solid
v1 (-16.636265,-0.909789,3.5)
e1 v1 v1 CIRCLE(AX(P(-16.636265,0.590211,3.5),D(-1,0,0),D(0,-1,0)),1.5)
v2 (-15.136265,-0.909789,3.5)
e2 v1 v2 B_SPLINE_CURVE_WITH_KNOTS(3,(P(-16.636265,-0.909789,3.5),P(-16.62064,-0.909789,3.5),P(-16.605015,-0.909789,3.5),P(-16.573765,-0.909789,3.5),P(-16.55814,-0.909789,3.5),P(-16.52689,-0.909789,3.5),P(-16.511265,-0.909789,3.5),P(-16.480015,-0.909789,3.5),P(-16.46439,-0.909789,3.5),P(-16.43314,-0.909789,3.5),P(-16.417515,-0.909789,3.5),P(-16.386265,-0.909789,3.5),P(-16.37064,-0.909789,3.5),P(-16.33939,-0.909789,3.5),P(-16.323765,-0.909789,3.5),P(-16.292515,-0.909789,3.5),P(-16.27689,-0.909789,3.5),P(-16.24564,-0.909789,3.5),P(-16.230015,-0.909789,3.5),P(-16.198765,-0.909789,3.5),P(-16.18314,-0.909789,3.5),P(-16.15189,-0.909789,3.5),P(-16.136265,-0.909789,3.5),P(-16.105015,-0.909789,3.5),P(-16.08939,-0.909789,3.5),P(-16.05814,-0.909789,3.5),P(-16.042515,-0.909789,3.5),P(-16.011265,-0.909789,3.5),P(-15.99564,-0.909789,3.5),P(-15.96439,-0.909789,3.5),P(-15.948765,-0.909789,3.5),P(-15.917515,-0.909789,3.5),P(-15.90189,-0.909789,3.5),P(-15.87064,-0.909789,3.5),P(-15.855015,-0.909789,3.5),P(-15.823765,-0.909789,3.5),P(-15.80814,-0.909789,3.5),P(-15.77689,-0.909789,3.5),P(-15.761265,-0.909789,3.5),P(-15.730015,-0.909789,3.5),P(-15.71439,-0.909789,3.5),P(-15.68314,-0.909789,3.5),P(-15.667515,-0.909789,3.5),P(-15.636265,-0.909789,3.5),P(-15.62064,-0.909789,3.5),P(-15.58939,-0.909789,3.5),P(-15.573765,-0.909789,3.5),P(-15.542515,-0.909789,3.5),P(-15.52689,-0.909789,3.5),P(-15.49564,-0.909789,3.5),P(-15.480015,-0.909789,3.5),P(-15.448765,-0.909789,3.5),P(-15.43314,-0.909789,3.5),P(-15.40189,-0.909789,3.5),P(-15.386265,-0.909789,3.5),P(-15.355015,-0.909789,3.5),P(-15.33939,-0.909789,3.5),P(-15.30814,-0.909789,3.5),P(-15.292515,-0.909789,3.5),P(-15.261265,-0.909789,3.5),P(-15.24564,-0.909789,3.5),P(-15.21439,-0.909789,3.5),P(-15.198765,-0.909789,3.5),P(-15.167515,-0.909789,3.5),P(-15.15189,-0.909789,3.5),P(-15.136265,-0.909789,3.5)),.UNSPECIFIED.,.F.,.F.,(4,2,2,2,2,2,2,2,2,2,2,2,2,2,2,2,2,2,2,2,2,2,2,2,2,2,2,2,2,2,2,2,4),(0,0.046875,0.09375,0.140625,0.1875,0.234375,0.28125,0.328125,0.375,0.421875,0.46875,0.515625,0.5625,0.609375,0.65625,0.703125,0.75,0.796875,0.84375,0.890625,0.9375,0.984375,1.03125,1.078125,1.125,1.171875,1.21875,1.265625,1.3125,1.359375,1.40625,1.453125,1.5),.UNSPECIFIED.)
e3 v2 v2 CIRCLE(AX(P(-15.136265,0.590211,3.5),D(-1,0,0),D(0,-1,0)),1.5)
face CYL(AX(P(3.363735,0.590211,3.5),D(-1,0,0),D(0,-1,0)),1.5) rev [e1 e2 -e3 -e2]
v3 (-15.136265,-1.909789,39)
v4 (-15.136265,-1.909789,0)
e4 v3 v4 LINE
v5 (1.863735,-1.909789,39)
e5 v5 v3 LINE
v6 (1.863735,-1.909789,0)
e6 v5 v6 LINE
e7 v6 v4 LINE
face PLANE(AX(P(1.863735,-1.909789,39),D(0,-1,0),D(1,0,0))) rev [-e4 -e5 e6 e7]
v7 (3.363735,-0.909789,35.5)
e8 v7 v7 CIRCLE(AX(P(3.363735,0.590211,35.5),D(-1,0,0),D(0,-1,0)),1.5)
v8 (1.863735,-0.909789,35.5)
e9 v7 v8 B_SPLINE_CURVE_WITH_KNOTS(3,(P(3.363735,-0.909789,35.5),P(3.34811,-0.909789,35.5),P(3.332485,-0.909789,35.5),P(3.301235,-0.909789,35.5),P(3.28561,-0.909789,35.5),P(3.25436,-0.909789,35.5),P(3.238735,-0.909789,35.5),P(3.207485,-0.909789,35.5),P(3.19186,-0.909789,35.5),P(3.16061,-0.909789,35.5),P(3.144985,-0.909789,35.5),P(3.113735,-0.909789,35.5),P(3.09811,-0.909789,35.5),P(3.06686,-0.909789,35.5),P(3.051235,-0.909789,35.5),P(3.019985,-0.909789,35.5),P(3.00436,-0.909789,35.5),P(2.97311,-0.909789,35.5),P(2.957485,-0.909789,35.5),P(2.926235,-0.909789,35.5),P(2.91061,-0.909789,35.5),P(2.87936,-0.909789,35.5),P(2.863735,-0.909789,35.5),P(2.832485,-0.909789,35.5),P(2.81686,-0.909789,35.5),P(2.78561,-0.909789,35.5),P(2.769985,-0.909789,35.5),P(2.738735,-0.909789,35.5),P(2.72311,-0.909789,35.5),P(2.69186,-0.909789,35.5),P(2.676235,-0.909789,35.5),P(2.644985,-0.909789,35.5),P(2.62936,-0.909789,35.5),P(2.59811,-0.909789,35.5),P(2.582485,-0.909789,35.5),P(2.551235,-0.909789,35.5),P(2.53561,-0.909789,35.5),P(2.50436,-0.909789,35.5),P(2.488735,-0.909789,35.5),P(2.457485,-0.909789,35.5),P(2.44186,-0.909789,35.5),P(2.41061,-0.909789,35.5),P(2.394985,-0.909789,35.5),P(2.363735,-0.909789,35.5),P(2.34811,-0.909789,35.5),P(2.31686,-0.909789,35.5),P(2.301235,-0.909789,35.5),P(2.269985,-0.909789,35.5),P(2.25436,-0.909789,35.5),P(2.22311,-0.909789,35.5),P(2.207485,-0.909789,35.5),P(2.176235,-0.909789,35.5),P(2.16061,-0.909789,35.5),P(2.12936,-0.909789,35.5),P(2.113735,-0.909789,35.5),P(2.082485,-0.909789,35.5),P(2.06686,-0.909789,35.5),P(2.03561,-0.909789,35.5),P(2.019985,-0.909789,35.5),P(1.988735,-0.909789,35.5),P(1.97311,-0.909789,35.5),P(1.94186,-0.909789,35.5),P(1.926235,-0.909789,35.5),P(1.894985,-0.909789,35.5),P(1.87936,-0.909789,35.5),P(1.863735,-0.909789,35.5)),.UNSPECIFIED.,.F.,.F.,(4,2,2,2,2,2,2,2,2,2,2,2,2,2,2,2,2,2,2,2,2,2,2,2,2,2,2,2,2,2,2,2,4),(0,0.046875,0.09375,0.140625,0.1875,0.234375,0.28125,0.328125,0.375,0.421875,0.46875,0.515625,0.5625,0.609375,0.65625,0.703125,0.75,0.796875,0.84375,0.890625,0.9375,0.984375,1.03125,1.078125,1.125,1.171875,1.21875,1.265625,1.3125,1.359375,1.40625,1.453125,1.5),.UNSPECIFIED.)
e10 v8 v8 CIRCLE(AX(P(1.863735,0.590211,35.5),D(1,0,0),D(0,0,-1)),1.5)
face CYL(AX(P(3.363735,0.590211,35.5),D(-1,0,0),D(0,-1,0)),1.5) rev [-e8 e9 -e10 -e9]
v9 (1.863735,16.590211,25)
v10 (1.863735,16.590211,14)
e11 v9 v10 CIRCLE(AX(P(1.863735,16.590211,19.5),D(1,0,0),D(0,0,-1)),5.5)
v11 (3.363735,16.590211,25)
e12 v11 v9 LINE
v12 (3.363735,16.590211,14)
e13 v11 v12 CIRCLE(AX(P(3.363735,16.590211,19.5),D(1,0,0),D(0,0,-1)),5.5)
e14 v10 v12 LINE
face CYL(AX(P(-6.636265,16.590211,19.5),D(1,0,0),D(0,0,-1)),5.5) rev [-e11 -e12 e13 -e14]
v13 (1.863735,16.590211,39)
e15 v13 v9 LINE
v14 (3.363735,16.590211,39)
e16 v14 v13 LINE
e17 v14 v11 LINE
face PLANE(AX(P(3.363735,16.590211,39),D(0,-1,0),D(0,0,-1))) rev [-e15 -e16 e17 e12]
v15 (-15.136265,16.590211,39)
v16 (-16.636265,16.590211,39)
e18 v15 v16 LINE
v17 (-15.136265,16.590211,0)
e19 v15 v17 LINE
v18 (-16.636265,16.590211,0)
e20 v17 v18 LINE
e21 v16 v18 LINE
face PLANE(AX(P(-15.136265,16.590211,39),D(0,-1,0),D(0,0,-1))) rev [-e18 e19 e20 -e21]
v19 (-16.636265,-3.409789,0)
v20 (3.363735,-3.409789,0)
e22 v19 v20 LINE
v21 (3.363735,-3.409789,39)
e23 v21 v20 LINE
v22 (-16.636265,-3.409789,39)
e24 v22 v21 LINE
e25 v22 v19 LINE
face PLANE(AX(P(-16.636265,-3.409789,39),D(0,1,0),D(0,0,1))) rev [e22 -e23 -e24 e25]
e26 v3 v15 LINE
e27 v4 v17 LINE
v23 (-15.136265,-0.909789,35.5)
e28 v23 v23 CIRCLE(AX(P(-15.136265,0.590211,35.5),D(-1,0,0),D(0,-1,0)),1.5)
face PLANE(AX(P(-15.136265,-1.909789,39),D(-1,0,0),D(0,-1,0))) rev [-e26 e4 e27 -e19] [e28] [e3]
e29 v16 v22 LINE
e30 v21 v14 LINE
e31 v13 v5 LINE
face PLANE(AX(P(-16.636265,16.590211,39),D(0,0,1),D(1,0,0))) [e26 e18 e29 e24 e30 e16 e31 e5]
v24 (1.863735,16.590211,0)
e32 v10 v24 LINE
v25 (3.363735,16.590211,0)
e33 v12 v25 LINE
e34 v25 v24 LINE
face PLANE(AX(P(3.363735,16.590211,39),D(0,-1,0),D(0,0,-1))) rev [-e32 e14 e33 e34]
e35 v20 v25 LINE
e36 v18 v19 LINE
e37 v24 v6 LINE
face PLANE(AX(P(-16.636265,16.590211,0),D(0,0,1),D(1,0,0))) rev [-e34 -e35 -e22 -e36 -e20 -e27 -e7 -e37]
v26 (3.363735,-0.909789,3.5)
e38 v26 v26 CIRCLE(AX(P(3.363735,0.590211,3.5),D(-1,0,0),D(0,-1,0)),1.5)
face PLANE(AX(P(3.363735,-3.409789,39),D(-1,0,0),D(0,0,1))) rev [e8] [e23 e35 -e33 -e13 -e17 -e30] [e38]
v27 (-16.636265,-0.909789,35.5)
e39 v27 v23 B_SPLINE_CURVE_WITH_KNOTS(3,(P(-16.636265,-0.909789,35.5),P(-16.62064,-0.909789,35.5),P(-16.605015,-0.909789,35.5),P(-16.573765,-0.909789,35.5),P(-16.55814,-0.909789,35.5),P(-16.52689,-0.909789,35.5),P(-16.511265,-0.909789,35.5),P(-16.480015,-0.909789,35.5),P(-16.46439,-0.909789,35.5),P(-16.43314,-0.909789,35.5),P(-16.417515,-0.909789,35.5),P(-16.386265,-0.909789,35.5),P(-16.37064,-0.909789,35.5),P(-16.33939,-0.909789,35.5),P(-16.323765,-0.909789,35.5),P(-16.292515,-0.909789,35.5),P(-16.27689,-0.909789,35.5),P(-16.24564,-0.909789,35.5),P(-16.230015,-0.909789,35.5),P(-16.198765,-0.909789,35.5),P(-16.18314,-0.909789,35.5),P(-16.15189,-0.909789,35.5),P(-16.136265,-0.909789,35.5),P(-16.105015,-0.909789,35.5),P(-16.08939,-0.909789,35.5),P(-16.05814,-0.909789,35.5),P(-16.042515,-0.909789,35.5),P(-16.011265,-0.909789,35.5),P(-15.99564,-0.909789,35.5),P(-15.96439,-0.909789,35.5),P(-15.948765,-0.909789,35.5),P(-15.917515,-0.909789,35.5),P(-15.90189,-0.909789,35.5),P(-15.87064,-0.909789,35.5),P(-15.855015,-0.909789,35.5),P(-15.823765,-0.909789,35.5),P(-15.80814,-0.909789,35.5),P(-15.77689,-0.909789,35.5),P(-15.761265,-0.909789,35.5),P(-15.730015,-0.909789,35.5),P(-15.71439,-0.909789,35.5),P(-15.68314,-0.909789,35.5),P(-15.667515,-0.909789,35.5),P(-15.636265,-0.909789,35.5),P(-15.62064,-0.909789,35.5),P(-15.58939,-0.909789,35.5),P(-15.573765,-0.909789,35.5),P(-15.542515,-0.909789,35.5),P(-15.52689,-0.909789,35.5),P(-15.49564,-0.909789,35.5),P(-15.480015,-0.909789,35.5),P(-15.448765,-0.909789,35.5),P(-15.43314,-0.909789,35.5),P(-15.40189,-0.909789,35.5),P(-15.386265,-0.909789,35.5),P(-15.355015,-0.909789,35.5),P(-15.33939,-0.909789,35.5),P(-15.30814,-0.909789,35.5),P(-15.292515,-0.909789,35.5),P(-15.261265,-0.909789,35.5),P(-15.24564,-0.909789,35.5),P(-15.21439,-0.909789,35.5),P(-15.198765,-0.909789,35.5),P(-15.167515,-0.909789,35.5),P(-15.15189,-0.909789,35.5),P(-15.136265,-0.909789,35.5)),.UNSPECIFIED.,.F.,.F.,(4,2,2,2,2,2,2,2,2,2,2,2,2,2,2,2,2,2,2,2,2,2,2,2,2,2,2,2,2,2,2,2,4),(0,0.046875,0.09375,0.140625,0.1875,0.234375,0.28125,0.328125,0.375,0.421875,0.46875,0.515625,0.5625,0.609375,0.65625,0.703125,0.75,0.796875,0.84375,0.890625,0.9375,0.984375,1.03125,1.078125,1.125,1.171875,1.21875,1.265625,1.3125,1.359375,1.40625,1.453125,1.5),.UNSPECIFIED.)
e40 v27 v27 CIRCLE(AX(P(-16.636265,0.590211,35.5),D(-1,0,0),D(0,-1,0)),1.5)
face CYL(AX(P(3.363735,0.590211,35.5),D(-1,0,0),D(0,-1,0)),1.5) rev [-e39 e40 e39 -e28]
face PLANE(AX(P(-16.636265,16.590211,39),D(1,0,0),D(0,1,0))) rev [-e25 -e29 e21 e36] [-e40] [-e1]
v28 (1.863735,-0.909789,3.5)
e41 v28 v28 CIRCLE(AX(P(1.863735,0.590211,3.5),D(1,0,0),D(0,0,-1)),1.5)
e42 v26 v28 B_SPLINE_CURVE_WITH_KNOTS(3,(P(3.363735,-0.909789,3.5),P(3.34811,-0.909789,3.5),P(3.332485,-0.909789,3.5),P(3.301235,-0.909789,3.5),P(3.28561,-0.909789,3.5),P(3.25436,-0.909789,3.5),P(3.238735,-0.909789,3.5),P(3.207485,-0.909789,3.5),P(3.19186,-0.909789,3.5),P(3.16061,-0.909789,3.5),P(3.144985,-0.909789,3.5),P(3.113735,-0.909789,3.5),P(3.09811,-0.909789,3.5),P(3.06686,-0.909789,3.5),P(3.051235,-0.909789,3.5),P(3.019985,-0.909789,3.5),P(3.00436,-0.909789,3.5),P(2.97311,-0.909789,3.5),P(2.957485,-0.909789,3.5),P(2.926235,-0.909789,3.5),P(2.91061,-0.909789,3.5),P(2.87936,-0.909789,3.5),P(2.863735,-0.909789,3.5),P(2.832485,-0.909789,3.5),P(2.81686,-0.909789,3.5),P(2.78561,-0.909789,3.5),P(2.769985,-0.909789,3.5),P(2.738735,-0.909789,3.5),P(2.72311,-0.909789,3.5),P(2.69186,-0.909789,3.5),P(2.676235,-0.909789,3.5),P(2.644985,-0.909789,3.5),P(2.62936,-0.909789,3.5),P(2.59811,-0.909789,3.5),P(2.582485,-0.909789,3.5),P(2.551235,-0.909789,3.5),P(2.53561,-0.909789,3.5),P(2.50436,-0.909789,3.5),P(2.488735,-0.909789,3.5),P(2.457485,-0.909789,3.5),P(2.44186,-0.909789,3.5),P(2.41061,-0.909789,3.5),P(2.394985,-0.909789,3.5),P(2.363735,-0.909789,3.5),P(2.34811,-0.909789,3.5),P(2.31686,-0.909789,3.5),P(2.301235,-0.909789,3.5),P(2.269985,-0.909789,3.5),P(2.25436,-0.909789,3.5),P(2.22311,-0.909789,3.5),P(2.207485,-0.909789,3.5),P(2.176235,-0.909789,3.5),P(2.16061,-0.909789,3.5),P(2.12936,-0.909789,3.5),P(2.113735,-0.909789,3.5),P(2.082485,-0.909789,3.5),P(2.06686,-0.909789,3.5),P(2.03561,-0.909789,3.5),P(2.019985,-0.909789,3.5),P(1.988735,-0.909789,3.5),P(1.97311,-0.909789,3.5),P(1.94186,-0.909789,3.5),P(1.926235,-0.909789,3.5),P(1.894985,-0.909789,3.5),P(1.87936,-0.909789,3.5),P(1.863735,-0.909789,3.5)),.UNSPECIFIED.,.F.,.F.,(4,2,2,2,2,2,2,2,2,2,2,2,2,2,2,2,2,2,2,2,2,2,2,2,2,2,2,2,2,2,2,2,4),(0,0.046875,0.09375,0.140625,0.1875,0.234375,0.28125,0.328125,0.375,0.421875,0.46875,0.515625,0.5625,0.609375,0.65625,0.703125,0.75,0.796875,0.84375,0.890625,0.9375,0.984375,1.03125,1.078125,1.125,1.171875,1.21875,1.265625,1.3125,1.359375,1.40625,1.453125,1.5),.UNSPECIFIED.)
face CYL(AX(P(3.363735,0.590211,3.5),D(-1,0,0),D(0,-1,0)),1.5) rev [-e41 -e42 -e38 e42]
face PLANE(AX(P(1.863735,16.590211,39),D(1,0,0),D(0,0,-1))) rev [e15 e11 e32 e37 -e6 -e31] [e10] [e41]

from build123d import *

# Parameters (mm, degrees)
EXTRUSION1_DEPTH = 39
ESQUISSE2_R      = 5.5
EXTRUSION2_DEPTH = 10
ESQUISSE3_R      = 1.5
EXTRUSION3_DEPTH = 47.864006287


with BuildPart() as part:
    # Esquisse1 → Extrusion1 (new body)
    with BuildSketch(Plane.XY):
        Polygon((-16.636265327, 16.590210526), (-16.636265327, -3.409789474), (3.363734673, -3.409789474), (3.363734673, 16.590210526), (1.863734673, 16.590210526), (1.863734673, -1.909789474), (-15.136265327, -1.909789474), (-15.136265327, 16.590210526), align=None)
    extrude(amount=EXTRUSION1_DEPTH)

    # Esquisse2 → Extrusion2 (cut)
    with BuildSketch(Plane(origin=(3.363734673, 0, 0), x_dir=(0, 0, -1), z_dir=(1, 0, 0))):
        with Locations((-19.5, 16.590210526)):
            Circle(ESQUISSE2_R)
    extrude(amount=-EXTRUSION2_DEPTH, mode=Mode.SUBTRACT)

    # Esquisse3 → Extrusion3 (cut, through all)
    with BuildSketch(Plane.ZY.offset(16.636265327)):
        with Locations(Location((3.5, 0.590210526, 0), (0, 0, 270))):
            Circle(ESQUISSE3_R)
        with Locations(Location((35.5, 0.590210526, 0), (0, 0, 270))):
            Circle(ESQUISSE3_R)
    extrude(amount=-EXTRUSION3_DEPTH, mode=Mode.SUBTRACT)


solid = part.part
